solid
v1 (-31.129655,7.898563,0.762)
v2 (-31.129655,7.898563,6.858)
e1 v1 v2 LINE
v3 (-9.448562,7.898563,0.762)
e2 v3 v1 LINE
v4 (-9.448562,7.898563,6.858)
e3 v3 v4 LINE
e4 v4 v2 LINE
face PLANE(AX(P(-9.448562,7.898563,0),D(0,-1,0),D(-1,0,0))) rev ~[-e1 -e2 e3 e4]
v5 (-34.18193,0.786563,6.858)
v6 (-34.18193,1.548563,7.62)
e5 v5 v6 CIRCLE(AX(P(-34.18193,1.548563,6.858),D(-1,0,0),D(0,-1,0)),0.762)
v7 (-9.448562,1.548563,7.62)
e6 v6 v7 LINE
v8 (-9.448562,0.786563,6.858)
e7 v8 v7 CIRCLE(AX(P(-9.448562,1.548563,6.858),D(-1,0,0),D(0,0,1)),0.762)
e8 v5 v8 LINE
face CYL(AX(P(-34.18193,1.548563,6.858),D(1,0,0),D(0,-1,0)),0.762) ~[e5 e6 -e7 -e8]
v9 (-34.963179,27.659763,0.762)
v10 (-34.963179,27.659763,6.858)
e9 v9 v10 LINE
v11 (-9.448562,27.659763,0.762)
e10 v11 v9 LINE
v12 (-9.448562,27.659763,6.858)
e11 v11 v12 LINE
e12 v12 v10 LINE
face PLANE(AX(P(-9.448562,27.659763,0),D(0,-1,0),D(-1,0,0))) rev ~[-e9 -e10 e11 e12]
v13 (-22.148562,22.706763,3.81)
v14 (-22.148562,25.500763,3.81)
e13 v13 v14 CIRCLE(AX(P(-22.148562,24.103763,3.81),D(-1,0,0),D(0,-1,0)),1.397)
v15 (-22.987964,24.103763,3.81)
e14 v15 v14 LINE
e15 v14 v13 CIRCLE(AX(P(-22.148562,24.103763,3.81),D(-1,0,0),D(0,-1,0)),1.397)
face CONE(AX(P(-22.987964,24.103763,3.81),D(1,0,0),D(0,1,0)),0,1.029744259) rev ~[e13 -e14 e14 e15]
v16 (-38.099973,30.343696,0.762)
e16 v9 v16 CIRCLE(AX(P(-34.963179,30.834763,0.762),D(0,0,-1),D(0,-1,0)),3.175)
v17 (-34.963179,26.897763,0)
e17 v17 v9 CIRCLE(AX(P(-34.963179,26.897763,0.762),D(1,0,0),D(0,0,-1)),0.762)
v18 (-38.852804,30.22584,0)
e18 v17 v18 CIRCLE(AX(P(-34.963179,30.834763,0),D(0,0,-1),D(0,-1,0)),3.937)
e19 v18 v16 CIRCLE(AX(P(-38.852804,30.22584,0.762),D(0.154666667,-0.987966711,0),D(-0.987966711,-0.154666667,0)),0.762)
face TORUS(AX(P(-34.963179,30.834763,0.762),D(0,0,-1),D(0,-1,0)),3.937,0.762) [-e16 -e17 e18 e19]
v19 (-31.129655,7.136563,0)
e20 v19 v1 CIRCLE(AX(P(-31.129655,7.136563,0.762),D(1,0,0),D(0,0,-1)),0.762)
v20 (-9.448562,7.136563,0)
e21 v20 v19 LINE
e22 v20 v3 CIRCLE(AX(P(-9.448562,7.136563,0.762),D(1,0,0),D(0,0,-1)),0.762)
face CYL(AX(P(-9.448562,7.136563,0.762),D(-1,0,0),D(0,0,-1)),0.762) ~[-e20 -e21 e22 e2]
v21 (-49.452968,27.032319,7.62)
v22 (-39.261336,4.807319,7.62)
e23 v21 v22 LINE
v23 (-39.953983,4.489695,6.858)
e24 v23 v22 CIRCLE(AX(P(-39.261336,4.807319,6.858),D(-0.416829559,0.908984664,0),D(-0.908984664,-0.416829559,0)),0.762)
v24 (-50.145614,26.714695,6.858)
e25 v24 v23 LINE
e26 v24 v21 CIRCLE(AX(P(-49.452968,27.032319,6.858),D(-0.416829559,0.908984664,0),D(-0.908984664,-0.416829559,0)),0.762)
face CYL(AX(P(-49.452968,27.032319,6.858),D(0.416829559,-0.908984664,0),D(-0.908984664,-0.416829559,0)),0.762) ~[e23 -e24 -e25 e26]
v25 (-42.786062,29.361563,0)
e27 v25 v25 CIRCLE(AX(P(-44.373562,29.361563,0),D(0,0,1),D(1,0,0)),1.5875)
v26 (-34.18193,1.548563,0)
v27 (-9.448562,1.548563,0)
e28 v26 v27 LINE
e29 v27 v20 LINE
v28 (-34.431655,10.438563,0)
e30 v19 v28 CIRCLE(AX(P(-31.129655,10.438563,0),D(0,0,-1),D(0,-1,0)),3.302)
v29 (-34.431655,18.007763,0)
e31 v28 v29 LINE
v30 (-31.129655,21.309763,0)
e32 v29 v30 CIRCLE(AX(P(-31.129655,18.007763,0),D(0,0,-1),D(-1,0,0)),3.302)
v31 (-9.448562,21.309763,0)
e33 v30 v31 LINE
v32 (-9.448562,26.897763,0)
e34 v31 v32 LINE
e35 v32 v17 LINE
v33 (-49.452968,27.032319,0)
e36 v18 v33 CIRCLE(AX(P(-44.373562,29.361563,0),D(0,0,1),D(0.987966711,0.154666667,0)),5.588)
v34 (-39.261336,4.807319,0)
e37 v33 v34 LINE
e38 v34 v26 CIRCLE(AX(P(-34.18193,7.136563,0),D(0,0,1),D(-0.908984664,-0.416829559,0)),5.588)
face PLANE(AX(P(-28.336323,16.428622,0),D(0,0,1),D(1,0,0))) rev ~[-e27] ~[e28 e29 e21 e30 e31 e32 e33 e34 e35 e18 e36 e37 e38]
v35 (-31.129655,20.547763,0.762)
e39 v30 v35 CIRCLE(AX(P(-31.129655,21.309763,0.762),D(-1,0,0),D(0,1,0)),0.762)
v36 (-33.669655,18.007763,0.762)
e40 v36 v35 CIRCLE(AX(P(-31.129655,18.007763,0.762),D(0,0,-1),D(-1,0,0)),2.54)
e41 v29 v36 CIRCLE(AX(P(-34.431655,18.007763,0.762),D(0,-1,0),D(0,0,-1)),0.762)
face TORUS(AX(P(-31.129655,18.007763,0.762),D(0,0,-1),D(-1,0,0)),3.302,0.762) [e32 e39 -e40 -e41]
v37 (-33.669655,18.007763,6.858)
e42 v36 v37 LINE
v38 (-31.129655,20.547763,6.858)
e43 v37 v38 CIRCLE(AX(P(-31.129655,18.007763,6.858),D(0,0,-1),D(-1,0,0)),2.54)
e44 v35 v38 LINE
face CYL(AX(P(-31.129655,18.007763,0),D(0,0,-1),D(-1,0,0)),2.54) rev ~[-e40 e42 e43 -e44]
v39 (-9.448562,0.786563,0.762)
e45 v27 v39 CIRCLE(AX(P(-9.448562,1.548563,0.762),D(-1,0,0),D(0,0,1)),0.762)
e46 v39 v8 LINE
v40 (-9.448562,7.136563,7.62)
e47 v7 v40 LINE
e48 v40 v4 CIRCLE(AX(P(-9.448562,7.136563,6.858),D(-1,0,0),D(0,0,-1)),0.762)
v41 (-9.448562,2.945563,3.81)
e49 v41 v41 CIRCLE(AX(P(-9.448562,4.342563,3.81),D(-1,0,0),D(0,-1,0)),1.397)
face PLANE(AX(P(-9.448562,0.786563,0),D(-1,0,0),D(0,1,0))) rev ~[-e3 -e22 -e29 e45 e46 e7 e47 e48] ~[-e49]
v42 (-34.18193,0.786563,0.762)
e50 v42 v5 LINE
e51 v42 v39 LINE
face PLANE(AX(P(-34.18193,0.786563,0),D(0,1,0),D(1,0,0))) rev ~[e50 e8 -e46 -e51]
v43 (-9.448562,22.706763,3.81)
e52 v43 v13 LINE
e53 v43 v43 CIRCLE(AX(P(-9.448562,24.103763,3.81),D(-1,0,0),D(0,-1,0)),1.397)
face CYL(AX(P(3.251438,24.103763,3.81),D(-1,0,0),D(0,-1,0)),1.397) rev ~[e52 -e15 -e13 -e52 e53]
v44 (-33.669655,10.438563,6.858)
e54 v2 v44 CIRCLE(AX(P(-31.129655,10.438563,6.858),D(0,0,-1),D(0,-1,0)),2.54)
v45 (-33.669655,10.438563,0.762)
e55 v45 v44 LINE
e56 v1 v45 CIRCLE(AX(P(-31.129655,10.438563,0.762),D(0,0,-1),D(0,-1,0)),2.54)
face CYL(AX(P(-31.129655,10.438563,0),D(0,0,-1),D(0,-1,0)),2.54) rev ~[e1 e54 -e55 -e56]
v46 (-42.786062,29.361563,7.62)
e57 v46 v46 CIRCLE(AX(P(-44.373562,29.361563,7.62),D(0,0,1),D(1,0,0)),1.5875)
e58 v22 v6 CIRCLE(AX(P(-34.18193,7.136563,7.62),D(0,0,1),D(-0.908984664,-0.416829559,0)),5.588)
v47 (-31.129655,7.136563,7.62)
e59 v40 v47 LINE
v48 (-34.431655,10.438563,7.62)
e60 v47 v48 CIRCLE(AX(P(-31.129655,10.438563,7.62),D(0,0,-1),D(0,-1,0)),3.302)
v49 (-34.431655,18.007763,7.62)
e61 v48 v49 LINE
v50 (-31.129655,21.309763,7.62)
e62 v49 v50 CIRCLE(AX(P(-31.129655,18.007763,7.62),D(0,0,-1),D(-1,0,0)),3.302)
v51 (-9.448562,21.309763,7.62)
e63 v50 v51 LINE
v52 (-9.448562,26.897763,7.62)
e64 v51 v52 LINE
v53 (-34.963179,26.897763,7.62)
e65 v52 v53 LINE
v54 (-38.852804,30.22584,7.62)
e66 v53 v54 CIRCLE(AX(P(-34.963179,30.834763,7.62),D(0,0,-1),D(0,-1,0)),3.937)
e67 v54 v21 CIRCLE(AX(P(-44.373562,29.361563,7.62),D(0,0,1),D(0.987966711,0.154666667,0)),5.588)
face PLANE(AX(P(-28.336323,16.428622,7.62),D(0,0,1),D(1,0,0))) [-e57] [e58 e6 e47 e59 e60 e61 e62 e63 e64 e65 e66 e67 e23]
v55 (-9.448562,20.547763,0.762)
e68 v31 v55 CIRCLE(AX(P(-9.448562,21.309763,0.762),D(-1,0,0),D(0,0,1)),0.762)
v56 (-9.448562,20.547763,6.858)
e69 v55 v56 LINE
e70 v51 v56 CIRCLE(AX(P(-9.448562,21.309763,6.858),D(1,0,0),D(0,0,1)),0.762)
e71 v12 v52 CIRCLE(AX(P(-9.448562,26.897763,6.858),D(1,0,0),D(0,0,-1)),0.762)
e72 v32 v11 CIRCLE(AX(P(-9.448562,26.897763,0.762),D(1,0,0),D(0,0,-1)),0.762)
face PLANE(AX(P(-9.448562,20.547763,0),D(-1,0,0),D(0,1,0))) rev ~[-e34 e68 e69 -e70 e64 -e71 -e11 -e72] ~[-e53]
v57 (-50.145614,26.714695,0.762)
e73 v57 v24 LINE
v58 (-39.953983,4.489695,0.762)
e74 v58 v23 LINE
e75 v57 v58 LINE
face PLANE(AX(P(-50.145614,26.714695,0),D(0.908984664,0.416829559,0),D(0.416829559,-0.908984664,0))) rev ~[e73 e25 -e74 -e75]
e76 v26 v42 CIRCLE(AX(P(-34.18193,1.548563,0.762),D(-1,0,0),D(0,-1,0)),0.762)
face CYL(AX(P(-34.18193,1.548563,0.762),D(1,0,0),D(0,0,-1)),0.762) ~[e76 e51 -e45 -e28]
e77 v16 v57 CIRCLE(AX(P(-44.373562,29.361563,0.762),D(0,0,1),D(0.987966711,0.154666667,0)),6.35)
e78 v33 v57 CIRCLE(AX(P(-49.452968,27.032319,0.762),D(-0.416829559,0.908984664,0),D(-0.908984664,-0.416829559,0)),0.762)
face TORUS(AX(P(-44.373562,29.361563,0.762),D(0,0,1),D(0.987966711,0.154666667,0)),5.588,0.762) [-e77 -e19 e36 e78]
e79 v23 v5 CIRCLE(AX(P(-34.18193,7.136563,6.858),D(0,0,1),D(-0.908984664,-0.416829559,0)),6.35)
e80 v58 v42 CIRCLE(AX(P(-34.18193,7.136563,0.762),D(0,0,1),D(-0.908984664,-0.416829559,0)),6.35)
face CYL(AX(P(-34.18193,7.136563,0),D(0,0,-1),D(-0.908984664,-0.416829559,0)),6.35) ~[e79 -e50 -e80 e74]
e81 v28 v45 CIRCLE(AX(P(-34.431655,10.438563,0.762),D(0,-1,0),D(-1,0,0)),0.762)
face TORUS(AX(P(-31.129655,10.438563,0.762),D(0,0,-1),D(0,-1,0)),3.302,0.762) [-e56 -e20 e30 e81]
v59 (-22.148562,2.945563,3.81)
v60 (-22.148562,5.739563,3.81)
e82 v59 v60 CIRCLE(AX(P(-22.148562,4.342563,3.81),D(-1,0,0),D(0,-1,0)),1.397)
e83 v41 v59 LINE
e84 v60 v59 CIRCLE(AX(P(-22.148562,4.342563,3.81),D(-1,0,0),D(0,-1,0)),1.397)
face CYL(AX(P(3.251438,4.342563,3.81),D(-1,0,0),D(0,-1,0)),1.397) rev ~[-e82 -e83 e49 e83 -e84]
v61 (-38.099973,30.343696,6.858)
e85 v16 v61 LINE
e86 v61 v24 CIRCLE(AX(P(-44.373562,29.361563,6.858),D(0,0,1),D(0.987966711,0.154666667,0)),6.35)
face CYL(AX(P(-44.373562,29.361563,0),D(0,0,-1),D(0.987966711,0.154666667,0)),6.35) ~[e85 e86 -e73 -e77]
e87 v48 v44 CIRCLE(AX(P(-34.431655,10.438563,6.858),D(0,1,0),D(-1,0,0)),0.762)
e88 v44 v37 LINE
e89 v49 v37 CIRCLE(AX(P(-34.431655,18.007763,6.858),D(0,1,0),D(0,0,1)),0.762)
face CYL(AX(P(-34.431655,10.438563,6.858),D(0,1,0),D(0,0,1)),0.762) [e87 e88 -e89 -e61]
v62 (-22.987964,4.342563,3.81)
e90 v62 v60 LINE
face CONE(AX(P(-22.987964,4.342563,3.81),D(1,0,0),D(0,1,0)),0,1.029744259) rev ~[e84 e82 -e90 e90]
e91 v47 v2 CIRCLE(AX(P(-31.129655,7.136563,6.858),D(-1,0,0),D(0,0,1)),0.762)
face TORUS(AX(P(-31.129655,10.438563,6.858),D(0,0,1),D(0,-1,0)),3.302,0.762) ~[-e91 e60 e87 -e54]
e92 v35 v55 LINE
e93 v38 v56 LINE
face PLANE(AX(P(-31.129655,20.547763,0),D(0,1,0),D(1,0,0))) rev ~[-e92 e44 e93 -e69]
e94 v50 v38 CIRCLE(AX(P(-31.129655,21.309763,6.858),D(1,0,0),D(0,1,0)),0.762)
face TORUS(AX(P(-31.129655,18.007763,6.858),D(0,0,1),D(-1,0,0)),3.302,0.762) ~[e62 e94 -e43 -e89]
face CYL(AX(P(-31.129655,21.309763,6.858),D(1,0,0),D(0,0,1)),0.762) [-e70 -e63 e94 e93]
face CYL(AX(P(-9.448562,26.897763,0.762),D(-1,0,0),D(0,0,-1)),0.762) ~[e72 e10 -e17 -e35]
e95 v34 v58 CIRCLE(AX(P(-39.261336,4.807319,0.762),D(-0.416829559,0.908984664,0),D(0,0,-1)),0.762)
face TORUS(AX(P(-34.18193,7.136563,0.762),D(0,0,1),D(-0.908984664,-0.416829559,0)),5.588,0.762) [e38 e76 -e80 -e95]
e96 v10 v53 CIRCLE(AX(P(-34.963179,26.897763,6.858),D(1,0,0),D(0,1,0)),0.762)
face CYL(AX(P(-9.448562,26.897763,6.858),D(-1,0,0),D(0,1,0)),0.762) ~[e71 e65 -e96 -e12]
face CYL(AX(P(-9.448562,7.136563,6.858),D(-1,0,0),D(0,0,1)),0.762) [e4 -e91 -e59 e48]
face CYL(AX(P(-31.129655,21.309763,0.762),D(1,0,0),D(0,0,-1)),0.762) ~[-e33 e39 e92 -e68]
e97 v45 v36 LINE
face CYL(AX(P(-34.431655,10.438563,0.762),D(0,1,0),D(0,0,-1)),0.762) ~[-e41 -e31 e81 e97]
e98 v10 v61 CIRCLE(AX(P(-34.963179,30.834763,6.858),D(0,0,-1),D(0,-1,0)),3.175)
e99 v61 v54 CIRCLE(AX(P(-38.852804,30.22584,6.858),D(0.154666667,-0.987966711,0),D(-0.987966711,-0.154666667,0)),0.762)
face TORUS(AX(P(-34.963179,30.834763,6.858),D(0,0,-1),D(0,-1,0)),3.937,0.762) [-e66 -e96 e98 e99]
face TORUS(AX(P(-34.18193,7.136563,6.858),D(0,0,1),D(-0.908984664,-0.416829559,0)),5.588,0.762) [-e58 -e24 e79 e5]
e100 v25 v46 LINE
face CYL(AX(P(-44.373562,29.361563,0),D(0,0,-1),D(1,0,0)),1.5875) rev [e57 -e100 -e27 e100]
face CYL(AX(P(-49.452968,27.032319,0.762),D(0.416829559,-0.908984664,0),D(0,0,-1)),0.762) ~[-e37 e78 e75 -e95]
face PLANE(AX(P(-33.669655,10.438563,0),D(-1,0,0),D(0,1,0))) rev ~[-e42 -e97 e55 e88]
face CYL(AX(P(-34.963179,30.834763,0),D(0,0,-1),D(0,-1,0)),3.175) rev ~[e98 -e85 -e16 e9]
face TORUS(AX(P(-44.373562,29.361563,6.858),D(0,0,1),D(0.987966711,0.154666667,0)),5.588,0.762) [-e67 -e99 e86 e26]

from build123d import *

# Parameters (mm, degrees)
F0_R     = 1.5875
F1_DEPTH = 7.62
F3_D     = 2.794
F3_DEPTH = 12.7
F3_TIP   = 0.8394022848
F5_D     = 2.794
F5_DEPTH = 12.7
F5_TIP   = 0.8394022848
F6_R     = 0.762
F7_R     = 0.762
F8_R     = 0.762


with BuildPart() as f1:
    # F0 (on Top) → F1 (new body)
    with BuildSketch(Plane.XY):
        with BuildLine():
            Line((-9.448561807, 27.6597626507), (-34.9631788839, 27.6597626507))
            ThreePointArc((-34.9631788839, 27.6597626507), (-37.027335895, 28.4223197326), (-38.0999731916, 30.3436959841))
            ThreePointArc((-38.0999731916, 30.3436959841), (-46.2053087095, 35.44162871), (-50.1456144211, 26.7146949509))
            Line((-50.1456144211, 26.7146949509), (-39.9539826805, 4.4896949509))
            ThreePointArc((-39.9539826805, 4.4896949509), (-37.6108431672, 1.7919340437), (-34.1819300664, 0.7865626507))
            Line((-34.1819300664, 0.7865626507), (-9.448561807, 0.7865626507))
            Line((-9.448561807, 0.7865626507), (-9.448561807, 7.8985626507))
            Line((-9.448561807, 7.8985626507), (-31.1296553504, 7.8985626507))
            ThreePointArc((-31.1296553504, 7.8985626507), (-32.9257065746, 8.6425114265), (-33.6696553504, 10.4385626507))
            Line((-33.6696553504, 10.4385626507), (-33.6696553504, 18.0077626507))
            ThreePointArc((-33.6696553504, 18.0077626507), (-32.9257065746, 19.8038138749), (-31.1296553504, 20.5477626507))
            Line((-31.1296553504, 20.5477626507), (-9.448561807, 20.5477626507))
            Line((-9.448561807, 20.5477626507), (-9.448561807, 27.6597626507))
        make_face()
        with Locations((-44.373561807, 29.3615626507)):
            Circle(F0_R, mode=Mode.SUBTRACT)
    extrude(amount=F1_DEPTH)

    # F3
    with Locations(Plane.YZ.offset(-9.448561807)):
        with Locations((24.1037626507, 3.81)):
            Hole(F3_D / 2, depth=F3_DEPTH)
            with Locations((0, 0, -(F3_DEPTH + F3_TIP / 2))):  # 118° drill point
                Cone(0, F3_D / 2, F3_TIP, mode=Mode.SUBTRACT)

    # F5
    with Locations(Plane.YZ.offset(-9.448561807)):
        with Locations((4.3425626507, 3.81)):
            Hole(F5_D / 2, depth=F5_DEPTH)
            with Locations((0, 0, -(F5_DEPTH + F5_TIP / 2))):  # 118° drill point
                Cone(0, F5_D / 2, F5_TIP, mode=Mode.SUBTRACT)

    # F6
    f6_edges = [f1.edges().sort_by_distance(p)[0] for p in [
        (-22.20587, 27.659763, 7.62),
    ]]
    fillet(f6_edges, radius=F6_R)

    # F7
    f7_edges = [f1.edges().sort_by_distance(p)[0] for p in [
        (-33.669655, 14.223163, 7.62),
    ]]
    fillet(f7_edges, radius=F7_R)

    # F8
    f8_edges = [f1.edges().sort_by_distance(p)[0] for p in [
        (-46.205309, 35.441629, 0),
        (-33.669655, 14.223163, 0),
    ]]
    fillet(f8_edges, radius=F8_R)


solid = f1.part
